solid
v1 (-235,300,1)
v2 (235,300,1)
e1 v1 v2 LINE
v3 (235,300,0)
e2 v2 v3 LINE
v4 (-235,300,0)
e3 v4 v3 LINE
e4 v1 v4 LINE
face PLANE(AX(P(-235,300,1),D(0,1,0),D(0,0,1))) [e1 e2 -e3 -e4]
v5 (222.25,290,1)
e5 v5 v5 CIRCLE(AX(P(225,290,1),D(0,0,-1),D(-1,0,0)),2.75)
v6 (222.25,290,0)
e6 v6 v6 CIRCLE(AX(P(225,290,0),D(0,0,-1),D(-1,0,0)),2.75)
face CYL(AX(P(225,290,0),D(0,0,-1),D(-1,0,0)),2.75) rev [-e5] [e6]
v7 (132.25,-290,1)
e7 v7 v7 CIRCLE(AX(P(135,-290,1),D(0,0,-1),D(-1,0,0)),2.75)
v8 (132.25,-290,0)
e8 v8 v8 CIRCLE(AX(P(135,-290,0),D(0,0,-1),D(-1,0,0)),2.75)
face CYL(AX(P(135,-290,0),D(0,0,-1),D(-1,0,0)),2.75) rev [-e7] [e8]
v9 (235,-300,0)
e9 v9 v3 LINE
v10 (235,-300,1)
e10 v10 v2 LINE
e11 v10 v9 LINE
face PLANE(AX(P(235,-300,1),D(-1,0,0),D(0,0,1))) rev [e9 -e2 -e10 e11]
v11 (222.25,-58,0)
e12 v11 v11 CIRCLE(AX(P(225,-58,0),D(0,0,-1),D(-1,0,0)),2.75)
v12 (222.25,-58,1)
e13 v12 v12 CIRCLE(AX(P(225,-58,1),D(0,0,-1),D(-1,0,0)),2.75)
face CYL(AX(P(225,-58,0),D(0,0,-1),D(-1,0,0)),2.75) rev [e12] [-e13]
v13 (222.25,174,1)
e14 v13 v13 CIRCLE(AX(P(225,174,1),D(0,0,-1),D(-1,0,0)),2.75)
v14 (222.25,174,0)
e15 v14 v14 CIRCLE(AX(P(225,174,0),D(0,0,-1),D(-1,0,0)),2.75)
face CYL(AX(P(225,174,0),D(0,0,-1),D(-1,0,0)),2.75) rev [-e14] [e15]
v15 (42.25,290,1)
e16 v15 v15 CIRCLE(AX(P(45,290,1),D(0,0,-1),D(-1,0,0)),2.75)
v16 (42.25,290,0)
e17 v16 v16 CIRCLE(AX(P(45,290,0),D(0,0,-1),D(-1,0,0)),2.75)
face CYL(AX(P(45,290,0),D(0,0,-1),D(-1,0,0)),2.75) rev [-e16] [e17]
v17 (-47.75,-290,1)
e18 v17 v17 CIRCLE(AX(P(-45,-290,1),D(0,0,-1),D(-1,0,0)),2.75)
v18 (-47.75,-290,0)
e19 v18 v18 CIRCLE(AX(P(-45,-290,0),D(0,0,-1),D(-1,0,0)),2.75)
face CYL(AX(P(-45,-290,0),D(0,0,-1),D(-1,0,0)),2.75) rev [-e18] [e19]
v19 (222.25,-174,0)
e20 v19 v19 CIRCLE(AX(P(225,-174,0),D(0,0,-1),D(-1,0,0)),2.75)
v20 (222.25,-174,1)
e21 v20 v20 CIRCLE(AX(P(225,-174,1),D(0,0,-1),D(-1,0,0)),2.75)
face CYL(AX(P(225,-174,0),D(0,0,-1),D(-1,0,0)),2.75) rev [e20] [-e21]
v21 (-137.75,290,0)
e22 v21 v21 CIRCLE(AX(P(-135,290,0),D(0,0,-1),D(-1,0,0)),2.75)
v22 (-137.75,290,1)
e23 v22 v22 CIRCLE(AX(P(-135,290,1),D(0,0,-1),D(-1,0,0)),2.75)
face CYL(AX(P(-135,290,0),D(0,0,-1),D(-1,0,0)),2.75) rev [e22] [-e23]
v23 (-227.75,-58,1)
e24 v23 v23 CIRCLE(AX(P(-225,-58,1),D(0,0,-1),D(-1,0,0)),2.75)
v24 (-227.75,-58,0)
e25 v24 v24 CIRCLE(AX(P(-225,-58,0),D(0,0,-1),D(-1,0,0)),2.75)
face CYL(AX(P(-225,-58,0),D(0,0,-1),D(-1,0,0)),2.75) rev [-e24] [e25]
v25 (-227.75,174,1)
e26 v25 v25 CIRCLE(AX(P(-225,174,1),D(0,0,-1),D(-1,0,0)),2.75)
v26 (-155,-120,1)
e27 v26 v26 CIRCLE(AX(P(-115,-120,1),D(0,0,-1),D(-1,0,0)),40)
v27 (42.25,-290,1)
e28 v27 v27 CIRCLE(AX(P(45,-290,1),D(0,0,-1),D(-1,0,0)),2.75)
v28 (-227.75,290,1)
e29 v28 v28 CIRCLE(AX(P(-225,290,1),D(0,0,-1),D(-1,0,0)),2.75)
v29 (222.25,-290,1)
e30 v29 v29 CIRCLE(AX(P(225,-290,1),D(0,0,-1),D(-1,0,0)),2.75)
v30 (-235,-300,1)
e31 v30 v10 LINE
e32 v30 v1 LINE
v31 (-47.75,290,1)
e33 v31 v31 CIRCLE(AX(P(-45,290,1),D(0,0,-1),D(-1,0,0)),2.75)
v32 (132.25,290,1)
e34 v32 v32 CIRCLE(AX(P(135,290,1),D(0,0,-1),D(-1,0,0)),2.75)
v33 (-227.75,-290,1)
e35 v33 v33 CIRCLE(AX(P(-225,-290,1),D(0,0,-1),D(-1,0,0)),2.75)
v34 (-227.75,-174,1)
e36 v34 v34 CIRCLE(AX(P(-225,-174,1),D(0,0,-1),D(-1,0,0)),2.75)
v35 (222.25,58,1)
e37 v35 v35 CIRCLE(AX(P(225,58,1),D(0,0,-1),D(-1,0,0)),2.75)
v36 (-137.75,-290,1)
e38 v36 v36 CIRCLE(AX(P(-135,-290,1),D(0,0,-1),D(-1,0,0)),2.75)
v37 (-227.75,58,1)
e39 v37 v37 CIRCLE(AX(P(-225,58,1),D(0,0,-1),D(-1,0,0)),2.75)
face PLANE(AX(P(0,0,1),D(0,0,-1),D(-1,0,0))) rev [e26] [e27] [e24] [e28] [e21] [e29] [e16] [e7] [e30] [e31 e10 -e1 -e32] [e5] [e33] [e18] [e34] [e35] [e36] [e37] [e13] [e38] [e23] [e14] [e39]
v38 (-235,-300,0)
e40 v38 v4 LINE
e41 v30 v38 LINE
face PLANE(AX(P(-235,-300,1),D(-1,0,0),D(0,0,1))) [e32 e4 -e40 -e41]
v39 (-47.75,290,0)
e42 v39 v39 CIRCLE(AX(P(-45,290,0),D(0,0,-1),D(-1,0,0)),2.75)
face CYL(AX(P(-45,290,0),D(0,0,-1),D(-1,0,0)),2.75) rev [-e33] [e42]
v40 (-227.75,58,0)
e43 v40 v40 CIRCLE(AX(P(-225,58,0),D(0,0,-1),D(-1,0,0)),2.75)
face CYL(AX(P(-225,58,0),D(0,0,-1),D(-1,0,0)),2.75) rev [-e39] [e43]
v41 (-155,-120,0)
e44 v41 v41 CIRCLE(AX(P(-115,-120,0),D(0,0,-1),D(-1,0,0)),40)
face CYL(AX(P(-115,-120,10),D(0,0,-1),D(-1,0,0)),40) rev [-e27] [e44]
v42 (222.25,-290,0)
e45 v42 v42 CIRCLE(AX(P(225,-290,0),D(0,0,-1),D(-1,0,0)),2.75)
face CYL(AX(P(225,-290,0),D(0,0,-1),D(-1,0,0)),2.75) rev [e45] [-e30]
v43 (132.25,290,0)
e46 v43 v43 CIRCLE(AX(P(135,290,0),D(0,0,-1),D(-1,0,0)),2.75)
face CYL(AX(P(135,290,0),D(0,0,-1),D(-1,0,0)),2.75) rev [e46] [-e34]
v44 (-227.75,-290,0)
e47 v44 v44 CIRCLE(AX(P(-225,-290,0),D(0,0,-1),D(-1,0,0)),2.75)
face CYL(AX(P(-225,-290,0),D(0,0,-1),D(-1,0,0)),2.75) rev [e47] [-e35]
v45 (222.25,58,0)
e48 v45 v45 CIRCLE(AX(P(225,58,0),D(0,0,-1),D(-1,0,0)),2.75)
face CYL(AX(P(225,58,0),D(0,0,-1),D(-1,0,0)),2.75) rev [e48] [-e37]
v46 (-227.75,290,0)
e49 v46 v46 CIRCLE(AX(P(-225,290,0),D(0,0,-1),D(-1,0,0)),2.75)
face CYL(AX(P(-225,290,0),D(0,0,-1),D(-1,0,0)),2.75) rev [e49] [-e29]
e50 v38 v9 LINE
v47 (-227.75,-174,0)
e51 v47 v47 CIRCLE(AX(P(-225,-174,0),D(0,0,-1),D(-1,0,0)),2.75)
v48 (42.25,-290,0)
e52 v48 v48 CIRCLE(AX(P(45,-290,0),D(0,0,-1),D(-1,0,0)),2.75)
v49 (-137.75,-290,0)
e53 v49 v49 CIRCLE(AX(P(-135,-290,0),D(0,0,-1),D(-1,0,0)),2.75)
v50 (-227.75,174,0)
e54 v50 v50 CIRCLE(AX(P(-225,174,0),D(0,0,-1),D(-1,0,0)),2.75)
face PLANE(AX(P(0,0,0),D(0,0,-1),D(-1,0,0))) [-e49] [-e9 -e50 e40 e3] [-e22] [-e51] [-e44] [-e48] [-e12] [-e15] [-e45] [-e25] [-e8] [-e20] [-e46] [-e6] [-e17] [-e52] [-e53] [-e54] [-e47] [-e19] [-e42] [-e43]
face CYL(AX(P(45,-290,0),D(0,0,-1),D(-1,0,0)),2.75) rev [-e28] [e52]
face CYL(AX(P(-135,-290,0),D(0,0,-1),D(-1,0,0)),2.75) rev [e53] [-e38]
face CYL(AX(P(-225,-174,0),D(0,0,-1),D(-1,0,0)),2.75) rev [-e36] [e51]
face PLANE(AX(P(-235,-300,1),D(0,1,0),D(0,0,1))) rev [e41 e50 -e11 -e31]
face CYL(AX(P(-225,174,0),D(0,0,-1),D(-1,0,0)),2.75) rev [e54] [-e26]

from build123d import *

# Parameters (mm, degrees)
SKETCH_1_W          = 470
SKETCH_1_H          = 600
EXTRUDE_1_DEPTH     = 1
HOLE_WIZARD_M5_1_D  = 5.5
SKETCH_4_R          = 40
CUT_EXTRUDE_1_DEPTH = 10


with BuildPart() as part:
    # 스케치1 → 보스-돌출1 (new body)
    with BuildSketch(Plane.XY):
        Rectangle(SKETCH_1_W, SKETCH_1_H)
    extrude(amount=EXTRUDE_1_DEPTH)

    # M5 여유 구멍1 (through all)
    with Locations(Plane(origin=(0, 0, 0), x_dir=(-1, 0, 0), z_dir=(0, 0, -1))):
        with Locations((-225, 290), (-135, 290), (-45, 290), (45, 290), (135, 290), (225, 290), (225, 174), (225, 58), (225, -58), (225, -174), (225, -290), (-225, 174), (-225, 58), (-225, -58), (-225, -174), (-225, -290), (-135, -290), (-45, -290), (45, -290), (135, -290)):
            Hole(HOLE_WIZARD_M5_1_D / 2)

    # 스케치4 → 컷-돌출1 (cut)
    with BuildSketch(Plane(origin=(0, 0, 0), x_dir=(-1, 0, 0), z_dir=(0, 0, -1))):
        with Locations((115, -120)):
            Circle(SKETCH_4_R)
    extrude(amount=-CUT_EXTRUDE_1_DEPTH, mode=Mode.SUBTRACT)


solid = part.part
